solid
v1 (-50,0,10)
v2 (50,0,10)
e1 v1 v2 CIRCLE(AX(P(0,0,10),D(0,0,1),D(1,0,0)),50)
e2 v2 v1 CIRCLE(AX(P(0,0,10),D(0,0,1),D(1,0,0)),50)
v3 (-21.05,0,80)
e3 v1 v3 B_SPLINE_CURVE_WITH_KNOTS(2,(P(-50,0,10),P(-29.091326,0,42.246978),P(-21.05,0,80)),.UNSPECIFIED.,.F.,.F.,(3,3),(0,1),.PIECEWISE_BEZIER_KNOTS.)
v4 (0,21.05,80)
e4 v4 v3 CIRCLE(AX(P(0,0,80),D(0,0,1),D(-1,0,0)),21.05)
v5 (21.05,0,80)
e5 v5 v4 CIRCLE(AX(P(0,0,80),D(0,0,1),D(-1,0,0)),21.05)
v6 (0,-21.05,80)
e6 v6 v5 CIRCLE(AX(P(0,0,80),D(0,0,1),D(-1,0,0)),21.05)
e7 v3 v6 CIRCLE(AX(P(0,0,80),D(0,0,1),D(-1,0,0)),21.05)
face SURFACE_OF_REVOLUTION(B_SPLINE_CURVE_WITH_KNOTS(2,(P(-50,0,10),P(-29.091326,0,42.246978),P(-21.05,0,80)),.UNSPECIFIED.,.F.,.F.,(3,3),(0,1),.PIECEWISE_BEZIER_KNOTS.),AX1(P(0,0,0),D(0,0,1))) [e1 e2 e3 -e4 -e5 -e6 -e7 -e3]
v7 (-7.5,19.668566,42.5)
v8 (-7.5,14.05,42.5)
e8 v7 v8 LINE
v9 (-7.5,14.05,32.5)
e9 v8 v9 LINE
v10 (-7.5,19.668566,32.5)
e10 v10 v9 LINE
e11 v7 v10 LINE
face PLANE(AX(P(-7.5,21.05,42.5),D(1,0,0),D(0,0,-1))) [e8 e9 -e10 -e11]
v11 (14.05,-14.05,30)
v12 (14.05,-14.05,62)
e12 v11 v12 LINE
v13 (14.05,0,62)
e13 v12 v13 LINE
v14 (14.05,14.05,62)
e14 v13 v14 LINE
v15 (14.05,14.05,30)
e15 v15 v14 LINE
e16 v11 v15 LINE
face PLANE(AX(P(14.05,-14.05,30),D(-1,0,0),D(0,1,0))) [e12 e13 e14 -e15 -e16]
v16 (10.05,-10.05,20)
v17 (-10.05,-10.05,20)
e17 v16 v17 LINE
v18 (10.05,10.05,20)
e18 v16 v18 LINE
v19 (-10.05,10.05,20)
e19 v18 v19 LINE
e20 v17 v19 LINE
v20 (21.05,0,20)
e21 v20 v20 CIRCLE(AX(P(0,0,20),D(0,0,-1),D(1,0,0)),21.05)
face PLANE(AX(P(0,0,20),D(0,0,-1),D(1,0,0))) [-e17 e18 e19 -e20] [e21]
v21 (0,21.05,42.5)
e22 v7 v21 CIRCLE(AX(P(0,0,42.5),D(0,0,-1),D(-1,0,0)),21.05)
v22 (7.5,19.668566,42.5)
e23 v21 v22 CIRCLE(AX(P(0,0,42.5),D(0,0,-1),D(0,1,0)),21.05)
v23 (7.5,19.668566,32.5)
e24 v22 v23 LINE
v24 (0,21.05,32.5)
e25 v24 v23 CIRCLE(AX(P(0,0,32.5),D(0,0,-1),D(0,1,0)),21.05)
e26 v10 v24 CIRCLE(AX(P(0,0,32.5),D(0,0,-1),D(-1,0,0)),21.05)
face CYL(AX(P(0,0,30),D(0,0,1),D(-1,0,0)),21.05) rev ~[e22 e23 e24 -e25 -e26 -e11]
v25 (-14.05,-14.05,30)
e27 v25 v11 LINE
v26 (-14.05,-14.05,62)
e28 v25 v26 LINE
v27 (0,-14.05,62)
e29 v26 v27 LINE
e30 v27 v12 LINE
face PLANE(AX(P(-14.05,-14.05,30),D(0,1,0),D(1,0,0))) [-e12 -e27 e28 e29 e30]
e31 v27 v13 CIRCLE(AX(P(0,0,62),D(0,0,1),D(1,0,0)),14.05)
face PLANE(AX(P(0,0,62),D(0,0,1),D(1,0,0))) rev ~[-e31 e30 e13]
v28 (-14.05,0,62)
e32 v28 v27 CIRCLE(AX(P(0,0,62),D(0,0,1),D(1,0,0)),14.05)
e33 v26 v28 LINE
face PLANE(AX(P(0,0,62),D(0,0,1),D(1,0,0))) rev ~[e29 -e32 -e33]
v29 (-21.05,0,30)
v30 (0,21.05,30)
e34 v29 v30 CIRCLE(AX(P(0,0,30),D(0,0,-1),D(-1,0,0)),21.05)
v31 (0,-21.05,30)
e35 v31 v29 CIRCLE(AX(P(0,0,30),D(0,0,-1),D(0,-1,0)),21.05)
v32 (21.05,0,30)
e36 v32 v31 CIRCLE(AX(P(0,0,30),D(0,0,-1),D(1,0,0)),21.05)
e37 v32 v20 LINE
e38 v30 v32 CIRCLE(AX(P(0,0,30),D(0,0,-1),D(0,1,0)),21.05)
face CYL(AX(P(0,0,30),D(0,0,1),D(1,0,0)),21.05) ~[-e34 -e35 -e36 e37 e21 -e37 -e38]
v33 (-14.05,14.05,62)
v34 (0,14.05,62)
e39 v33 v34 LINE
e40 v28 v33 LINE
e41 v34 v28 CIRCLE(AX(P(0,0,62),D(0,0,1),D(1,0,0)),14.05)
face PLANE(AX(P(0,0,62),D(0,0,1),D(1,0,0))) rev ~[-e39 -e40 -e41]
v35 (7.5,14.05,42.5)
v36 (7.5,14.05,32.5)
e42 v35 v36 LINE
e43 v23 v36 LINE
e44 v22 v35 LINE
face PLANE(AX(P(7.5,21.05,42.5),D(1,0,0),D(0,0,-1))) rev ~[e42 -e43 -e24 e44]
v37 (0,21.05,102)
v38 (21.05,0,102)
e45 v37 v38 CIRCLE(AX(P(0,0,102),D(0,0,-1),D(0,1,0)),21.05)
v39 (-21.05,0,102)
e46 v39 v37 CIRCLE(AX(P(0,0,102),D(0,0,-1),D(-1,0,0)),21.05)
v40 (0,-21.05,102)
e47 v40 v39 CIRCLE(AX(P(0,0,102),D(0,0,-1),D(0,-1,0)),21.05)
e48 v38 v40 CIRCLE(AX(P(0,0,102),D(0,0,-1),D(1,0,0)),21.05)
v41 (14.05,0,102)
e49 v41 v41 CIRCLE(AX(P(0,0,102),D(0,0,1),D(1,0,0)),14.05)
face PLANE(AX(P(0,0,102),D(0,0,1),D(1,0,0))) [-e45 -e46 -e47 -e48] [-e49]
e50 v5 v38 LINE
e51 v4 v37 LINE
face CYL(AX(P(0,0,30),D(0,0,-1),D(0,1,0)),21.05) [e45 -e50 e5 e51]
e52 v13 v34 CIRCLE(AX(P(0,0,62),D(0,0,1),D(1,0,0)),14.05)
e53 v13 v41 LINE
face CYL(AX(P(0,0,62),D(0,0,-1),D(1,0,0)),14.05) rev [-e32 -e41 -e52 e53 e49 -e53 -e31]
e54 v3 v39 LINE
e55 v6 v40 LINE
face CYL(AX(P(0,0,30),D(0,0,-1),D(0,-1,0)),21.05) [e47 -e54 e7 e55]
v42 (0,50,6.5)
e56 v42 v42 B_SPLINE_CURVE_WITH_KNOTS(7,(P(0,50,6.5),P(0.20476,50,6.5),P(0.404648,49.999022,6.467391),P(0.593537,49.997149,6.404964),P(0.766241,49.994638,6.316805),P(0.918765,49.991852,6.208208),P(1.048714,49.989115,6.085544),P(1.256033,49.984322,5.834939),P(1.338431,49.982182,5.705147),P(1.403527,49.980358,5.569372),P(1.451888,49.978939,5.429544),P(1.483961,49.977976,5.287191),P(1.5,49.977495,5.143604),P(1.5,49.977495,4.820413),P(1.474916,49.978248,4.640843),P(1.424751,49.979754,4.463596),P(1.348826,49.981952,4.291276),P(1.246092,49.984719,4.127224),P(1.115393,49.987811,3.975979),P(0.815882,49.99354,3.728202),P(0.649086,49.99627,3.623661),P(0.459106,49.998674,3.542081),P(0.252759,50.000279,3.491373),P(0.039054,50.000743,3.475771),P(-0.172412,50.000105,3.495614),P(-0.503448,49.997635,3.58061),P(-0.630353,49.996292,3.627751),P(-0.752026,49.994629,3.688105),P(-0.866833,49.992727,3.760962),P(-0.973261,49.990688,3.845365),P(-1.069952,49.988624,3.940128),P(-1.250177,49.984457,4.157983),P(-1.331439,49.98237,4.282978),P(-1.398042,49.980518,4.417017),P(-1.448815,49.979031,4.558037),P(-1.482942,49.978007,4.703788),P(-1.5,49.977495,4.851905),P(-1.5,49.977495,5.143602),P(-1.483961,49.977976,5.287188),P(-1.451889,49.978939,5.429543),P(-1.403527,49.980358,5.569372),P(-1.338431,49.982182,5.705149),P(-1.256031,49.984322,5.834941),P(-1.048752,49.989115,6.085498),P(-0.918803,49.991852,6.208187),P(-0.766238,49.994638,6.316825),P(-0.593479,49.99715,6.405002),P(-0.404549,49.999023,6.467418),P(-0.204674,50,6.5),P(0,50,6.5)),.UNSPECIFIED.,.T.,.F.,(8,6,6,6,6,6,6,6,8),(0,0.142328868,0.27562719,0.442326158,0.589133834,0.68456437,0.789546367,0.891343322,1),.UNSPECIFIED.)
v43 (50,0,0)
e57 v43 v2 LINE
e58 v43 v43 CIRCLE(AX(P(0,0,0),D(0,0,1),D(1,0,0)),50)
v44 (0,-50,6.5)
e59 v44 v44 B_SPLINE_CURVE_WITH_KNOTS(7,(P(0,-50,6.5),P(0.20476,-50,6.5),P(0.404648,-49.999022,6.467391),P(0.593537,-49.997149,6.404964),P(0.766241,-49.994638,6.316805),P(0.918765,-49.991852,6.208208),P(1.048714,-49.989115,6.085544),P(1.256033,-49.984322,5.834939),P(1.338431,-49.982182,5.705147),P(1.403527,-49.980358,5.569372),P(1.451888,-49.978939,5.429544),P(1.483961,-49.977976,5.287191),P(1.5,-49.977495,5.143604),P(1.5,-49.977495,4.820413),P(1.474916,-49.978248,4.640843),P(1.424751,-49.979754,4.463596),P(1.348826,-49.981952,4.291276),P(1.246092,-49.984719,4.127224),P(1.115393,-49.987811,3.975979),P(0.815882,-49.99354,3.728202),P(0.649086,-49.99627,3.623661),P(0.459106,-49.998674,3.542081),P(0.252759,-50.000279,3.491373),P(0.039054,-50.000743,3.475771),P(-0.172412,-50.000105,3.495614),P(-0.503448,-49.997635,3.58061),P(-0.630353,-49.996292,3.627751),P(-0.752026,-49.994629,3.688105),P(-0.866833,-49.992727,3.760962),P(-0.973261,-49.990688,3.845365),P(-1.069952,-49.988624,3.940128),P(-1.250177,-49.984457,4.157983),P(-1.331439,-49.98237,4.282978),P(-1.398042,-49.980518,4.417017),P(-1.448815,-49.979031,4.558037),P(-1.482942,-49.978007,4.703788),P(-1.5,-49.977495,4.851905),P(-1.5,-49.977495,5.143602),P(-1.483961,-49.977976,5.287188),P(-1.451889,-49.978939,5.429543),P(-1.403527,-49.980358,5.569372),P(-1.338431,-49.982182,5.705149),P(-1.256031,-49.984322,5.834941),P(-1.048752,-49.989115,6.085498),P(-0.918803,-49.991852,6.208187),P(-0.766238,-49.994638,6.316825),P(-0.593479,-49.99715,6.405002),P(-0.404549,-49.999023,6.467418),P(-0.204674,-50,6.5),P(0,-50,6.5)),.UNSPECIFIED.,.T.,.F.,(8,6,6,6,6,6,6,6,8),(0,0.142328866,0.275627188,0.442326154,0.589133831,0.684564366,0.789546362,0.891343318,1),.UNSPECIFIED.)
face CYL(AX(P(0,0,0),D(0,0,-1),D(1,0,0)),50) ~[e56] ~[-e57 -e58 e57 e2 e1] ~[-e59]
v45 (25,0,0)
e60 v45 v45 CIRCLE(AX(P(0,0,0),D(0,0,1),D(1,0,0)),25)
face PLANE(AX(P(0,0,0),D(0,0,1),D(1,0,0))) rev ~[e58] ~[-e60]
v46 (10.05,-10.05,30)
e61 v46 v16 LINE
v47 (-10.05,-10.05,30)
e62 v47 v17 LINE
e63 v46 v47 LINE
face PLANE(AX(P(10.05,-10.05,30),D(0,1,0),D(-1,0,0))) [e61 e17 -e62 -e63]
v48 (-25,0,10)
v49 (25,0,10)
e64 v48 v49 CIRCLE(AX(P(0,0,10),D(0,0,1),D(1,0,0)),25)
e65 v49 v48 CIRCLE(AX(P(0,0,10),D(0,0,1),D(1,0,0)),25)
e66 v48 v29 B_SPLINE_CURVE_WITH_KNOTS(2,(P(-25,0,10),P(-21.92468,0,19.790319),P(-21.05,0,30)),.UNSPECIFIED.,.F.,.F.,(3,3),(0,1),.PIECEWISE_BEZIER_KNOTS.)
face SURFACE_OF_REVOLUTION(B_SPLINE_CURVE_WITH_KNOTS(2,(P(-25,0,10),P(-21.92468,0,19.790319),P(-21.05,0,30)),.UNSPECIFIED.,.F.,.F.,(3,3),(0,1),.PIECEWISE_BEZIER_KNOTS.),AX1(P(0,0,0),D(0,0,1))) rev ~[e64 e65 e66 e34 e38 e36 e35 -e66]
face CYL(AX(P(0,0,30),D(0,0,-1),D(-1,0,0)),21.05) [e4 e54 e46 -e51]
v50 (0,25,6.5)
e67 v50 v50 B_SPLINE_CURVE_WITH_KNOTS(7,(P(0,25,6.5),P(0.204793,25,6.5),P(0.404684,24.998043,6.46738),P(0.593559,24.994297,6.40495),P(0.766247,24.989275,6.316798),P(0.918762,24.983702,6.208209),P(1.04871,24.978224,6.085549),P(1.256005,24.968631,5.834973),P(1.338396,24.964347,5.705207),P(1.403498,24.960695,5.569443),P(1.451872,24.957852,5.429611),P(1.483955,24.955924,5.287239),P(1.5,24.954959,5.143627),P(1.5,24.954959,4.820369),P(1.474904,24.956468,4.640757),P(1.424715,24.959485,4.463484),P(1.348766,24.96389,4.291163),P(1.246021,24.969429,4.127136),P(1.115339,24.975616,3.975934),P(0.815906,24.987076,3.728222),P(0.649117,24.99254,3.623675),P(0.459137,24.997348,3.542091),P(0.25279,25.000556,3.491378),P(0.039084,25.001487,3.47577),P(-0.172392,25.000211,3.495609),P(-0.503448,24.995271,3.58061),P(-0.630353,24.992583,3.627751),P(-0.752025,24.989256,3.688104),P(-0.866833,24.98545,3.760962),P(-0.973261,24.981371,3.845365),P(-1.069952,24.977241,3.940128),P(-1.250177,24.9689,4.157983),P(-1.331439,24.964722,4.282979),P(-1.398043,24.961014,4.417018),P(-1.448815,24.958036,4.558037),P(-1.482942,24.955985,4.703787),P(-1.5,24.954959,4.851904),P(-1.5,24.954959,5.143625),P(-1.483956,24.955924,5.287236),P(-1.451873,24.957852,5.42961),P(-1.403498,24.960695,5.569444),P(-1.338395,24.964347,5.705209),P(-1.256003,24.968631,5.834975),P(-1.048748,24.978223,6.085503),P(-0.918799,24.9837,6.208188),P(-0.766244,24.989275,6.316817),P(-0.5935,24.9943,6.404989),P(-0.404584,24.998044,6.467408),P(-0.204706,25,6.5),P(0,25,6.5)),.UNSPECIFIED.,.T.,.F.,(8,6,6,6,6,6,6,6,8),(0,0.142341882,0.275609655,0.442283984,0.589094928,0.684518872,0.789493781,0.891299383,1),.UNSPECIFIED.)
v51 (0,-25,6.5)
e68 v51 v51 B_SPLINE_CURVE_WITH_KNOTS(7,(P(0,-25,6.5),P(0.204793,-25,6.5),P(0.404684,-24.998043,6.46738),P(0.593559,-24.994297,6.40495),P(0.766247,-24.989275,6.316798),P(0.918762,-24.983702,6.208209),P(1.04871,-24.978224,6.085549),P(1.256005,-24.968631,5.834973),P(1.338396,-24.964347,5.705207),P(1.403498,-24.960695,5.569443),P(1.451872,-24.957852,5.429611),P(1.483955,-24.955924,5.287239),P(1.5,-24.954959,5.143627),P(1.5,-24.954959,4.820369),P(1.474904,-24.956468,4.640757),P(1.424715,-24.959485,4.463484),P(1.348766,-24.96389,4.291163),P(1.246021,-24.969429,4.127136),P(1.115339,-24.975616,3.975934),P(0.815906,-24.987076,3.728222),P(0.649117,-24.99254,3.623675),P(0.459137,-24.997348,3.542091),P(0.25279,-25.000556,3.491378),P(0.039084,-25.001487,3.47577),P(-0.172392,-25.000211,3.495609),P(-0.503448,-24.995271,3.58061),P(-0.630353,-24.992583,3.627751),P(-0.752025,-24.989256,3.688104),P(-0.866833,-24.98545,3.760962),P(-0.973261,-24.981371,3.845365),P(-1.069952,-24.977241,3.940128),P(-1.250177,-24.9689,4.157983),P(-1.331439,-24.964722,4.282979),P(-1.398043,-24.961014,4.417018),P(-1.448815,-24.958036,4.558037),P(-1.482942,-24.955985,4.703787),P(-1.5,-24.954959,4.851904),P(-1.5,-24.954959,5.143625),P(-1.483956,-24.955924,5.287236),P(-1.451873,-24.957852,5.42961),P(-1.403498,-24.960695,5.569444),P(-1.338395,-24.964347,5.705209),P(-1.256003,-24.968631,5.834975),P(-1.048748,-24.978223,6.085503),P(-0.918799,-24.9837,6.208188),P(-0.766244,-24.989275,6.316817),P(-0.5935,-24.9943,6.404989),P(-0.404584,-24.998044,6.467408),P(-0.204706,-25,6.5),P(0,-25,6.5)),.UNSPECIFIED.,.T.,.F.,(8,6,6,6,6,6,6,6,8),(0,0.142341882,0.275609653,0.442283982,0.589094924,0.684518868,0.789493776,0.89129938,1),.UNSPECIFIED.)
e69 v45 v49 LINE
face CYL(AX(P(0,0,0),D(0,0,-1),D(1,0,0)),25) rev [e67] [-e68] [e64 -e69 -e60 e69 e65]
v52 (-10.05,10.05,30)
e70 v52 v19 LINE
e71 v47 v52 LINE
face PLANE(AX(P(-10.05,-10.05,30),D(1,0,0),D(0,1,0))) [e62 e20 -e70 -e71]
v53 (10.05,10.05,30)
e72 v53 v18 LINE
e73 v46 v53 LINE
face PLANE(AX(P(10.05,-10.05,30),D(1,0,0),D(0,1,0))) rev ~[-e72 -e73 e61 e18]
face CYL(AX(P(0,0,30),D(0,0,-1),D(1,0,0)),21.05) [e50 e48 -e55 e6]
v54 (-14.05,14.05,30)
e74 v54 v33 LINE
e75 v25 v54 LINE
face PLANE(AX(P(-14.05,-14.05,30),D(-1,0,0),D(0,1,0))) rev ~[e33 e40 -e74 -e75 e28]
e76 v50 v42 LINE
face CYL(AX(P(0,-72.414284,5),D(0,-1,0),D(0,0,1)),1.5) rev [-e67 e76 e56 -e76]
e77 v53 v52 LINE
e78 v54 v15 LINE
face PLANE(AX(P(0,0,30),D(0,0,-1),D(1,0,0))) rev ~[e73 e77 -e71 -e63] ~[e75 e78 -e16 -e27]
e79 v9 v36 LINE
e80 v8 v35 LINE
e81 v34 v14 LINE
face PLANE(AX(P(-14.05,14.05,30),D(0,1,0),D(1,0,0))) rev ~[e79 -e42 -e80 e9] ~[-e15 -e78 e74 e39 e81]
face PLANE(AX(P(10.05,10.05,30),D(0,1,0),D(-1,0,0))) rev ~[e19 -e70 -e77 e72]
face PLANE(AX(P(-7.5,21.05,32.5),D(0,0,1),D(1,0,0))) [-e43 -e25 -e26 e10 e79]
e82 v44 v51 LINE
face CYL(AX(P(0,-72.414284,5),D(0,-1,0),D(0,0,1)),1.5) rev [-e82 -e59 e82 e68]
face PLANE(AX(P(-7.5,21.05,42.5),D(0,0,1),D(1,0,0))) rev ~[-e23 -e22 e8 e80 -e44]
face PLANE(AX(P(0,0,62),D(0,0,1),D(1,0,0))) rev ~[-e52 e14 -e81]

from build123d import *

# Parameters (mm, degrees)
SKETCH2_R               = 50
SKETCH2_R_2             = 25
BOSS_EXTRUDE1_DEPTH     = 10
CUT_EXTRUDE1_DEPTH      = 72.414284285
CUT_EXTRUDE1_DEPTH_BACK = 72.414284285
SKETCH3_R               = 1.5
SKETCH5_W               = 42.1
SKETCH5_H               = 42.1
SKETCH5_W_2             = 28.1
SKETCH5_H_2             = 28.1
BOSS_EXTRUDE3_DEPTH     = 32
SKETCH6_W               = 15
SKETCH6_H               = 10
CUT_EXTRUDE2_DEPTH      = 7
SKETCH7_W               = 42.1
SKETCH7_H               = 42.1
SKETCH7_R               = 14.05
BOSS_EXTRUDE4_DEPTH     = 40
CUT_EXTRUDE3_START      = -72
CUT_EXTRUDE3_DEPTH      = 72
CIRPATTERN1_COUNT       = 4
SKETCH12_R              = 21.05
SKETCH12_W              = 20.1
SKETCH12_H              = 20.1
BOSS_EXTRUDE5_DEPTH     = 10


with BuildPart() as part:
    # Sketch2 → Boss-Extrude1 (new body)
    with BuildSketch(Plane.XY):
        Circle(SKETCH2_R)
        Circle(SKETCH2_R_2, mode=Mode.SUBTRACT)
    extrude(amount=BOSS_EXTRUDE1_DEPTH)

    # Sketch3 → Cut-Extrude1 (cut, two sides: drawn at the far end of the back side and taken through both)
    with BuildSketch(Plane(origin=(0, 0, 0), x_dir=(1, 0, 0), z_dir=(0, 1, 0)).offset(-CUT_EXTRUDE1_DEPTH_BACK)):
        with Locations(Location((0, -5, 0), (0, 0, 270))):
            Circle(SKETCH3_R)
    extrude(amount=CUT_EXTRUDE1_DEPTH + CUT_EXTRUDE1_DEPTH_BACK, mode=Mode.SUBTRACT)



with BuildPart() as body_2:
    # Sketch5 → Boss-Extrude3 (new body)
    with BuildSketch(Plane.XY.offset(30)):
        Rectangle(SKETCH5_W, SKETCH5_H)
        Rectangle(SKETCH5_W_2, SKETCH5_H_2, mode=Mode.SUBTRACT)
    extrude(amount=BOSS_EXTRUDE3_DEPTH)

    # Sketch6 → Cut-Extrude2 (cut)
    with BuildSketch(Plane(origin=(0, 21.05, 0), x_dir=(1, 0, 0), z_dir=(0, 1, 0))):
        with Locations((0, -37.5)):
            Rectangle(SKETCH6_W, SKETCH6_H)
    extrude(amount=-CUT_EXTRUDE2_DEPTH, mode=Mode.SUBTRACT)

    # Sketch7 → Boss-Extrude4 (add)
    with BuildSketch(Plane.XY.offset(62)):
        Rectangle(SKETCH7_W, SKETCH7_H)
        Circle(SKETCH7_R, mode=Mode.SUBTRACT)
    extrude(amount=BOSS_EXTRUDE4_DEPTH)

    # Sketch11 → Cut-Extrude3 (cut)
    with BuildSketch(Plane.XY.offset(102).offset(CUT_EXTRUDE3_START)):
        with BuildLine():
            Line((0, 21.05), (-21.05, 21.05))
            Line((-21.05, 21.05), (-21.05, 0))
            ThreePointArc((-21.05, 0), (-14.884597744, 14.884597744), (0, 21.05))
        make_face()
    cut_extrude3 = extrude(amount=CUT_EXTRUDE3_DEPTH, mode=Mode.SUBTRACT)

    # CirPattern1: Cut-Extrude3 ×4 about axis
    cirpattern1_axis = Axis((0, 0, 102), (0, 0, 1))
    for i in range(1, CIRPATTERN1_COUNT):
        add(cut_extrude3.rotate(cirpattern1_axis, i * 360 / CIRPATTERN1_COUNT), mode=Mode.SUBTRACT)


with BuildPart() as part_1:
    add(part.part)

    add(body_2.part)  # Revolve2 merges body 2
    # Sketch10 → Revolve2 (revolve)
    with BuildSketch(Plane(origin=(0, 0, 0), x_dir=(1, 0, 0), z_dir=(0, 1, 0))):
        with BuildLine():
            Line((-50, -10), (-25, -10))
            add(Edge.make_bspline(
                [(-25, -10), (-21.924679616, -19.790318995), (-21.05, -30)],
                knots=[0, 0, 0, 1, 1, 1], degree=2))
            Line((-21.05, -30), (-21.05, -80))
            add(Edge.make_bspline(
                [(-50, -10), (-29.091325996, -42.246977979), (-21.05, -80)],
                knots=[0, 0, 0, 1, 1, 1], degree=2))
        make_face()
    revolve(axis=Axis((0, 0, 0), (0, 0, 1)))

    # Sketch12 → Boss-Extrude5 (add)
    with BuildSketch(Plane(origin=(0, 0, 30), x_dir=(-1, 0, 0), z_dir=(0, 0, -1))):
        with Locations(Location((0, 0, 0), (0, 0, 180))):
            Circle(SKETCH12_R)
        Rectangle(SKETCH12_W, SKETCH12_H, mode=Mode.SUBTRACT)
    extrude(amount=BOSS_EXTRUDE5_DEPTH)


solid = part_1.part
